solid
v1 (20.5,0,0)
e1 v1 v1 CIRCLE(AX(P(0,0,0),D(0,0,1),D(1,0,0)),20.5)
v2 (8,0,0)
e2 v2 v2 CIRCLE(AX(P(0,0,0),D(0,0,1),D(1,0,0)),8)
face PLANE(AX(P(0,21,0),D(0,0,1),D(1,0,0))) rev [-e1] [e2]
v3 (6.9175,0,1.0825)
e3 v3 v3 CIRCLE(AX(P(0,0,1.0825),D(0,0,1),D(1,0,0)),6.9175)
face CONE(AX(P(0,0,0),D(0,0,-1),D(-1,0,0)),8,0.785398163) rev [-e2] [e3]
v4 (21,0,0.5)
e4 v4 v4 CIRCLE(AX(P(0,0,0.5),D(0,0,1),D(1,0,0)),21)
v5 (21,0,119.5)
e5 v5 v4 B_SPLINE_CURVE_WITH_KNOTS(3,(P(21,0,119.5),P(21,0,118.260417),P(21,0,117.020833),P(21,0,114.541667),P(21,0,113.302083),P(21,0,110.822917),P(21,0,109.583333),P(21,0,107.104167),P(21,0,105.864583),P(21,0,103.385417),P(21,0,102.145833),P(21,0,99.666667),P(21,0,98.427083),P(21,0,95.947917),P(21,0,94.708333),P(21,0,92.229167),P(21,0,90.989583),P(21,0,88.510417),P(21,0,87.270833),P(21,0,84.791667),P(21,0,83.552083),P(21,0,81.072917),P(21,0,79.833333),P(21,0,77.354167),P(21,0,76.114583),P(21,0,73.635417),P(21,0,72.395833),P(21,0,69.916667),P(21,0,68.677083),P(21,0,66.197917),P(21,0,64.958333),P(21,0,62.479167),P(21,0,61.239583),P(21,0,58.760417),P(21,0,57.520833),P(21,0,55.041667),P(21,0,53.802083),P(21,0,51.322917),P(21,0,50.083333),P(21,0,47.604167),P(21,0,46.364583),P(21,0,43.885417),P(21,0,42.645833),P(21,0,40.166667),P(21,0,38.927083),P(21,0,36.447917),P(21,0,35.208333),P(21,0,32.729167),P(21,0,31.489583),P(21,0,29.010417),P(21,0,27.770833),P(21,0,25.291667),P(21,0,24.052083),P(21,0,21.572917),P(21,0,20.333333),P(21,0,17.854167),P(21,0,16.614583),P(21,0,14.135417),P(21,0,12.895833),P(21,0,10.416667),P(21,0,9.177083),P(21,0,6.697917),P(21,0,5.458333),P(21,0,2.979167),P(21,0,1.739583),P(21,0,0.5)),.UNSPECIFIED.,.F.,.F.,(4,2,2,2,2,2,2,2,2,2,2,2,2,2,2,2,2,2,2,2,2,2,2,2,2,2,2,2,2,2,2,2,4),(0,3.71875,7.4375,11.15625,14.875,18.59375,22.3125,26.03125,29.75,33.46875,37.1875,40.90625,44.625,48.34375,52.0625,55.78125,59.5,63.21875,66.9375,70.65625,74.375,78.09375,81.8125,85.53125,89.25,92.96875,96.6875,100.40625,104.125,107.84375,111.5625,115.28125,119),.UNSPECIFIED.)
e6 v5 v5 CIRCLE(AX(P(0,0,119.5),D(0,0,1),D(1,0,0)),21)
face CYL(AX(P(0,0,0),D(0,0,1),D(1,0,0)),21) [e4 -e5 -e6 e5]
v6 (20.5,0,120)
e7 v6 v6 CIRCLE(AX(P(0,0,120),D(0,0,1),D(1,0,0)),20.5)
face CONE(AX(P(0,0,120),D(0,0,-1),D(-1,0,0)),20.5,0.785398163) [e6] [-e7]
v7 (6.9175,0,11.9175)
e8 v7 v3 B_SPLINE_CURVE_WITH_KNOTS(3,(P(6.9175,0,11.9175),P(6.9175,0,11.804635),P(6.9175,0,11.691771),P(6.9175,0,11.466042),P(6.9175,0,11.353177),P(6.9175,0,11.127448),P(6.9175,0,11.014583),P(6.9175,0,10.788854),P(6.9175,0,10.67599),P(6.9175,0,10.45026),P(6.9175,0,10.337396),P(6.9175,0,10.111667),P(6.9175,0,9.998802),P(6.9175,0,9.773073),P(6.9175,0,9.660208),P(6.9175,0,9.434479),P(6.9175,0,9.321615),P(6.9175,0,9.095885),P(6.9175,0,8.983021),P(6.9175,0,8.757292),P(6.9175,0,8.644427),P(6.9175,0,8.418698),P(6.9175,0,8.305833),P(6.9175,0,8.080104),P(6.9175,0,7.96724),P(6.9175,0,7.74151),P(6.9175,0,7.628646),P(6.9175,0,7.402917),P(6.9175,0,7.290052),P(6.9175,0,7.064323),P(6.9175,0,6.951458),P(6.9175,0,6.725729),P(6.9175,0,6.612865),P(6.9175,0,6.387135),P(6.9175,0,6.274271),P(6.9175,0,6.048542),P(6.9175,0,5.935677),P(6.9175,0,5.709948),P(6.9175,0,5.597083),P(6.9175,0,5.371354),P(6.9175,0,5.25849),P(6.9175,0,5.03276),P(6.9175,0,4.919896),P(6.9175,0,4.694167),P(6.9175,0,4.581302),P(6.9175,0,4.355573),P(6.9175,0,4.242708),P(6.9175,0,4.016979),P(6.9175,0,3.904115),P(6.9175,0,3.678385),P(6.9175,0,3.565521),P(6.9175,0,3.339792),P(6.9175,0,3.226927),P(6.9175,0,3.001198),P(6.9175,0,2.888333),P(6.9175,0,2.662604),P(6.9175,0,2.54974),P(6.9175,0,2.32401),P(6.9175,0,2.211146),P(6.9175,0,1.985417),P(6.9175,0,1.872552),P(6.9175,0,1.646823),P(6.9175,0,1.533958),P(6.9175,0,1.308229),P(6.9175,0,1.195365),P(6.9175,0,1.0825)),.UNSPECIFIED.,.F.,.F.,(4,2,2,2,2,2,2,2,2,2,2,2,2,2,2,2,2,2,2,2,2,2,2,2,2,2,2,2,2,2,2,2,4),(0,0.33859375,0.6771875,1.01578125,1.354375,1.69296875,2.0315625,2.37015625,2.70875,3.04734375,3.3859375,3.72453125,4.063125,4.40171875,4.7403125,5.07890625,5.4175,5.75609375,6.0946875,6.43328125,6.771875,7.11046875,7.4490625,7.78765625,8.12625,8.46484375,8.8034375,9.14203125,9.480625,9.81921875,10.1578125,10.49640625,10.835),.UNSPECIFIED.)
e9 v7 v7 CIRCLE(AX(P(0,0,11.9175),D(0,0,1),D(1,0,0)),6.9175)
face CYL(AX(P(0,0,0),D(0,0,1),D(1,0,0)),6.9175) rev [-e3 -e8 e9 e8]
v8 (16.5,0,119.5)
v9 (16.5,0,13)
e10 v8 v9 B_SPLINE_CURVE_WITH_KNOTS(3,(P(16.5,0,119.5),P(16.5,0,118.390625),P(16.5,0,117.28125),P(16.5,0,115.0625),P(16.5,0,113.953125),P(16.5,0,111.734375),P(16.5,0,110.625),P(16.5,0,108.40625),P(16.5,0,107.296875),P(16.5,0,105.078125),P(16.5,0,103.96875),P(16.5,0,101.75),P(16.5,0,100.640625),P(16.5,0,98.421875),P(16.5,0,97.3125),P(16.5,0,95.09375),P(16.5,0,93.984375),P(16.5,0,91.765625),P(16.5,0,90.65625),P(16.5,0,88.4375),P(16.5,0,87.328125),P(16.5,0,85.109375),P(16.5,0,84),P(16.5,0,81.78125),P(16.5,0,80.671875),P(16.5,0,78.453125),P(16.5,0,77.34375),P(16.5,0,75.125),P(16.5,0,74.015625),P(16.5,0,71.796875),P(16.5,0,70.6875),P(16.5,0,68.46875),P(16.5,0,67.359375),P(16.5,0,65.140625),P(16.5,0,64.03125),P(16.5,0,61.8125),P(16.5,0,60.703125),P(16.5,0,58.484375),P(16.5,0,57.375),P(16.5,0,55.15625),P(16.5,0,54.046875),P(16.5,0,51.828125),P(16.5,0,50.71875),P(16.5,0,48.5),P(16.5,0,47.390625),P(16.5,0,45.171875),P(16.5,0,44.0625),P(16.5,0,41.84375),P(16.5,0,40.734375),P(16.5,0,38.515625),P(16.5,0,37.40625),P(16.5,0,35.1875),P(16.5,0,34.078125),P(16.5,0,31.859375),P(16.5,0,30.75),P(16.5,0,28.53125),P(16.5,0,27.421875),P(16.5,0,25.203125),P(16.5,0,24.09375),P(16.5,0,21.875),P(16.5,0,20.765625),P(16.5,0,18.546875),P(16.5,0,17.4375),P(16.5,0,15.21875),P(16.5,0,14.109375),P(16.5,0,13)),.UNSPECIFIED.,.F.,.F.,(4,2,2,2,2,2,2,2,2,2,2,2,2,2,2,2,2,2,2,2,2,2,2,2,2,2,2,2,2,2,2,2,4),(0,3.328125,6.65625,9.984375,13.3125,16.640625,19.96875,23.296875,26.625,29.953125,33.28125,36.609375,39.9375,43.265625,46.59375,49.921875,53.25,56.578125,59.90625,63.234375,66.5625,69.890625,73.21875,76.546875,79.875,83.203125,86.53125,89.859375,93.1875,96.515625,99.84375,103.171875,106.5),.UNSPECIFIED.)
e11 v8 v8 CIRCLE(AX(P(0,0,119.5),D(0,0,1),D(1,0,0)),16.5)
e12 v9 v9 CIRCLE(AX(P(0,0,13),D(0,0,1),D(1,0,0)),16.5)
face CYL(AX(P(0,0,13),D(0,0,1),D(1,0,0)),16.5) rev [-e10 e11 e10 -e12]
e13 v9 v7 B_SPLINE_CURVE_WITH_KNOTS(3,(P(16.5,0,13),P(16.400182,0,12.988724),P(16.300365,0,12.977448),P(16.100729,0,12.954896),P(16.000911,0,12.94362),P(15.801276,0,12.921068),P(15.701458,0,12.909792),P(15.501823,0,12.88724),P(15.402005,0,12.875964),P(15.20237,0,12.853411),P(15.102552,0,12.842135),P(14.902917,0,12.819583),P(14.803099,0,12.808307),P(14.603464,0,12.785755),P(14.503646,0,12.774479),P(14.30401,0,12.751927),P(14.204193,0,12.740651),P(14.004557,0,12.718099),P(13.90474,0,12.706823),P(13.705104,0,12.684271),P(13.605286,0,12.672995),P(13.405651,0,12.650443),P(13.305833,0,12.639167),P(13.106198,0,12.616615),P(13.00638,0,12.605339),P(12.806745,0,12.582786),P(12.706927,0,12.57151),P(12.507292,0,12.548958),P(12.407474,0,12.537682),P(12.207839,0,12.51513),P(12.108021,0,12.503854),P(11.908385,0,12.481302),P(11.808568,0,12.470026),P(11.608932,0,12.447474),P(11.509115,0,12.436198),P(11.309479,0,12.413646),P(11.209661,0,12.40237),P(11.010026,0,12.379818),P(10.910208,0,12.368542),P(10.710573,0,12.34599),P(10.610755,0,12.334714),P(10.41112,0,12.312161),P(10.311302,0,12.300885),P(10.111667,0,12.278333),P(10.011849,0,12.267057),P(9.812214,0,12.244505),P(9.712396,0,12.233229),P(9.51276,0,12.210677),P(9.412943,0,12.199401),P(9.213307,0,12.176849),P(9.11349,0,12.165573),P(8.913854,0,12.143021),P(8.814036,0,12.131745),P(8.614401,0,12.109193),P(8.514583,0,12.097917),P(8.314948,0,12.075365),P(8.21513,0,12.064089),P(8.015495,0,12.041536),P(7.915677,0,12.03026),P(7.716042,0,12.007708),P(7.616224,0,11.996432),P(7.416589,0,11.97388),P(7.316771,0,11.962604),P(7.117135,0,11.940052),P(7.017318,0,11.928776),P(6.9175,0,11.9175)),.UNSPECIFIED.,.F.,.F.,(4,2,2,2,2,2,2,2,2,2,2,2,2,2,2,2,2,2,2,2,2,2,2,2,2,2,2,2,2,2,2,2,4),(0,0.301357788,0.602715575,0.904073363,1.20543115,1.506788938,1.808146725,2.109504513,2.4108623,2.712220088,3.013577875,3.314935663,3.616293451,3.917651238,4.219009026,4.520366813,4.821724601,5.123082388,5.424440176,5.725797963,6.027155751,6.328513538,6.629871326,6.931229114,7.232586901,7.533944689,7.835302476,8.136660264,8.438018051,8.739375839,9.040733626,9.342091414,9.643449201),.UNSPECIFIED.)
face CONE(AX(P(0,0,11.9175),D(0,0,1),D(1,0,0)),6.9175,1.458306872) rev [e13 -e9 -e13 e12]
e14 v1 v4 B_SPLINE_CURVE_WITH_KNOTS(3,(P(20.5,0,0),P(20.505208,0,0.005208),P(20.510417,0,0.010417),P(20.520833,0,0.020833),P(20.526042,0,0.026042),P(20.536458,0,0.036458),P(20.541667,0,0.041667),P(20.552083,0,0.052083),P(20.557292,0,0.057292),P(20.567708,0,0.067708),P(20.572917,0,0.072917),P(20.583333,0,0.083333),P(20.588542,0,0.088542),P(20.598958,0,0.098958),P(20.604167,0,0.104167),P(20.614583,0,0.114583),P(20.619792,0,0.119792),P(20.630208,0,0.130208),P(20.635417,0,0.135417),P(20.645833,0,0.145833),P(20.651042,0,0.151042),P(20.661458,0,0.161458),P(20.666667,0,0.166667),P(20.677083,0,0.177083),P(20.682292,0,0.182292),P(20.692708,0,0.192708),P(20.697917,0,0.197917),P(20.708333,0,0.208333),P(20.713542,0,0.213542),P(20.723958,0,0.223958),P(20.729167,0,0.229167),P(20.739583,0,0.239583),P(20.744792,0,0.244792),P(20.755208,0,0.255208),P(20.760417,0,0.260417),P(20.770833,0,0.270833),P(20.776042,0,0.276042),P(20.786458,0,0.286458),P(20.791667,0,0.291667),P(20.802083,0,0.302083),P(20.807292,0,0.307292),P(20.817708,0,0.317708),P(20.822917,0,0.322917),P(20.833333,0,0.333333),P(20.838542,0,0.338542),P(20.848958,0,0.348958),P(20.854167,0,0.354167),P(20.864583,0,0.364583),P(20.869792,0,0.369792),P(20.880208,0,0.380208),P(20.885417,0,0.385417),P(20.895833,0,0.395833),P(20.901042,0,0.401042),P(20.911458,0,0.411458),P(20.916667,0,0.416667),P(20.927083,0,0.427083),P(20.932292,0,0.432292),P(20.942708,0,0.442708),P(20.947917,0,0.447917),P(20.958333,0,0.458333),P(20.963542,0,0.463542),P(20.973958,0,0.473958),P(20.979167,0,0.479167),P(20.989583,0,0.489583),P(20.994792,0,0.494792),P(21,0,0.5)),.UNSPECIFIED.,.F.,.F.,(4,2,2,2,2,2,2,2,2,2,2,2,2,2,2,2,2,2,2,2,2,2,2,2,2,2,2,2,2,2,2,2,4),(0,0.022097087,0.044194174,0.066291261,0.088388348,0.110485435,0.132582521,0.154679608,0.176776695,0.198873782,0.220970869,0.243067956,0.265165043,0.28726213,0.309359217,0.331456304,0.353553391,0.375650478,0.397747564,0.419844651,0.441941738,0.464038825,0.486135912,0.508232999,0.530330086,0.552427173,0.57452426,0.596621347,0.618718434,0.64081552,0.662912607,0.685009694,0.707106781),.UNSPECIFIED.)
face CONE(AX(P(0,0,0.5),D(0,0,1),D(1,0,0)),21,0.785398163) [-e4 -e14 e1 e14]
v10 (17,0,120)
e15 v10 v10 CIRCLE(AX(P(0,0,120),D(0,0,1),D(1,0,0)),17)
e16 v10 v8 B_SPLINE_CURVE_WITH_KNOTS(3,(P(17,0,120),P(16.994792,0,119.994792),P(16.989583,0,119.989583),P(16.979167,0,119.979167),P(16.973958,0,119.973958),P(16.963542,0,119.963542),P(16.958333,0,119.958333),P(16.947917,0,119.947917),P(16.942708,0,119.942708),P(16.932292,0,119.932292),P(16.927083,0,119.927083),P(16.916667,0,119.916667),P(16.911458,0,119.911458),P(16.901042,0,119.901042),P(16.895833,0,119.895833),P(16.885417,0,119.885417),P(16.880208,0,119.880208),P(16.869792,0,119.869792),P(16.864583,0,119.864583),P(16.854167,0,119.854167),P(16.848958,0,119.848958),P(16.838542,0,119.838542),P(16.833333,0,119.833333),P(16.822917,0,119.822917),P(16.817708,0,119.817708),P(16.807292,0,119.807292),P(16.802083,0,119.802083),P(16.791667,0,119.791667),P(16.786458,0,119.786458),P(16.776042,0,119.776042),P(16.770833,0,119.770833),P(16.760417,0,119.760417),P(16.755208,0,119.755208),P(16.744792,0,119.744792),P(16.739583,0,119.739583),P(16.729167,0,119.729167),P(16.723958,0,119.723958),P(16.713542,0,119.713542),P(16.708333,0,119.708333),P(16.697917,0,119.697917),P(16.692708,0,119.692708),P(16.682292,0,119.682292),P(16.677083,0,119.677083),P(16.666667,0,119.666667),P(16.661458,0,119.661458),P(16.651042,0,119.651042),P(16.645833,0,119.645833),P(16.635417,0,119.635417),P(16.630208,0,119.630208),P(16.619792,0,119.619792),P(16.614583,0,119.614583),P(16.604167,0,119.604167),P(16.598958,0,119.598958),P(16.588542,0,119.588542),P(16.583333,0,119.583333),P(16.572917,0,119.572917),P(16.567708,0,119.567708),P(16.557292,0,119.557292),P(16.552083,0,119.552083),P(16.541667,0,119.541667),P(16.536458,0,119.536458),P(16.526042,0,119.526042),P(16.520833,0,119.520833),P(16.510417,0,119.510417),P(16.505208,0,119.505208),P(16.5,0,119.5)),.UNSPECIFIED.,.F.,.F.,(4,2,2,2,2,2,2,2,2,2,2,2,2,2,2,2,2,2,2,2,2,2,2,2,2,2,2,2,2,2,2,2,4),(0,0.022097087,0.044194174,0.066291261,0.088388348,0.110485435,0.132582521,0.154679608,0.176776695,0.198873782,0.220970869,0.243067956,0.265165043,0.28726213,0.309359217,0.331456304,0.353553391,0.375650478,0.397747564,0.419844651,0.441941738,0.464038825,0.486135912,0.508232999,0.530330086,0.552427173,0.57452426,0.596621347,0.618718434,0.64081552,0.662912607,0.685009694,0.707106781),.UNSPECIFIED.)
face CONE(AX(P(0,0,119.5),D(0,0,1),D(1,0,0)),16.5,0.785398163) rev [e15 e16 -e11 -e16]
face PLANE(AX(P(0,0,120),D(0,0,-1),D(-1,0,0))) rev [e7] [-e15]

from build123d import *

# Parameters (mm, degrees)
SZKIC1_W = 120
SZKIC1_H = 21


with BuildPart() as part:
    # Szkic1 → Obrót1 (revolve)
    with BuildSketch(Plane(origin=(0, 0, 0), x_dir=(0, 0, -1), z_dir=(1, 0, 0))):
        with Locations((-60, 10.5)):
            Rectangle(SZKIC1_W, SZKIC1_H)
    revolve(axis=Axis((0, 0, 0), (0, 0, 1)))

    # Szkic2 → Wycięcie-obrót1 (revolve, cut)
    with BuildSketch(Plane(origin=(0, 0, 0), x_dir=(0, 0, -1), z_dir=(1, 0, 0))):
        Polygon((-120, 20.5), (-119.5, 21), (-120, 21), align=None)
    revolve(axis=Axis((0, 0, 0), (0, 0, 1)), mode=Mode.SUBTRACT)

    # Szkic3 → Wycięcie-obrót2 (revolve, cut)
    with BuildSketch(Plane(origin=(0, 0, 0), x_dir=(0, 0, -1), z_dir=(1, 0, 0))):
        Polygon((-0.5, 21), (0, 20.5), (0, 21), align=None)
    revolve(axis=Axis((0, 0, 0), (0, 0, 1)), mode=Mode.SUBTRACT)

    # Szkic4 → Wycięcie-obrót3 (revolve, cut)
    with BuildSketch(Plane(origin=(0, 0, 0), x_dir=(0, 0, -1), z_dir=(1, 0, 0))):
        Polygon((-13, 0), (-13, 16.5), (-11.9175, 6.9175), (-1.0825, 6.9175), (0, 8), (0, 0), align=None)
    revolve(axis=Axis((0, 0, 0), (0, 0, 1)), mode=Mode.SUBTRACT)

    # Szkic5 → Wycięcie-obrót4 (revolve, cut)
    with BuildSketch(Plane(origin=(0, 0, 0), x_dir=(0, 0, -1), z_dir=(1, 0, 0))):
        Polygon((-120, 0), (-120, 17), (-119.5, 16.5), (-13, 16.5), (-13, 0), align=None)
    revolve(axis=Axis((0, 0, 13), (0, 0, 1)), mode=Mode.SUBTRACT)


solid = part.part
